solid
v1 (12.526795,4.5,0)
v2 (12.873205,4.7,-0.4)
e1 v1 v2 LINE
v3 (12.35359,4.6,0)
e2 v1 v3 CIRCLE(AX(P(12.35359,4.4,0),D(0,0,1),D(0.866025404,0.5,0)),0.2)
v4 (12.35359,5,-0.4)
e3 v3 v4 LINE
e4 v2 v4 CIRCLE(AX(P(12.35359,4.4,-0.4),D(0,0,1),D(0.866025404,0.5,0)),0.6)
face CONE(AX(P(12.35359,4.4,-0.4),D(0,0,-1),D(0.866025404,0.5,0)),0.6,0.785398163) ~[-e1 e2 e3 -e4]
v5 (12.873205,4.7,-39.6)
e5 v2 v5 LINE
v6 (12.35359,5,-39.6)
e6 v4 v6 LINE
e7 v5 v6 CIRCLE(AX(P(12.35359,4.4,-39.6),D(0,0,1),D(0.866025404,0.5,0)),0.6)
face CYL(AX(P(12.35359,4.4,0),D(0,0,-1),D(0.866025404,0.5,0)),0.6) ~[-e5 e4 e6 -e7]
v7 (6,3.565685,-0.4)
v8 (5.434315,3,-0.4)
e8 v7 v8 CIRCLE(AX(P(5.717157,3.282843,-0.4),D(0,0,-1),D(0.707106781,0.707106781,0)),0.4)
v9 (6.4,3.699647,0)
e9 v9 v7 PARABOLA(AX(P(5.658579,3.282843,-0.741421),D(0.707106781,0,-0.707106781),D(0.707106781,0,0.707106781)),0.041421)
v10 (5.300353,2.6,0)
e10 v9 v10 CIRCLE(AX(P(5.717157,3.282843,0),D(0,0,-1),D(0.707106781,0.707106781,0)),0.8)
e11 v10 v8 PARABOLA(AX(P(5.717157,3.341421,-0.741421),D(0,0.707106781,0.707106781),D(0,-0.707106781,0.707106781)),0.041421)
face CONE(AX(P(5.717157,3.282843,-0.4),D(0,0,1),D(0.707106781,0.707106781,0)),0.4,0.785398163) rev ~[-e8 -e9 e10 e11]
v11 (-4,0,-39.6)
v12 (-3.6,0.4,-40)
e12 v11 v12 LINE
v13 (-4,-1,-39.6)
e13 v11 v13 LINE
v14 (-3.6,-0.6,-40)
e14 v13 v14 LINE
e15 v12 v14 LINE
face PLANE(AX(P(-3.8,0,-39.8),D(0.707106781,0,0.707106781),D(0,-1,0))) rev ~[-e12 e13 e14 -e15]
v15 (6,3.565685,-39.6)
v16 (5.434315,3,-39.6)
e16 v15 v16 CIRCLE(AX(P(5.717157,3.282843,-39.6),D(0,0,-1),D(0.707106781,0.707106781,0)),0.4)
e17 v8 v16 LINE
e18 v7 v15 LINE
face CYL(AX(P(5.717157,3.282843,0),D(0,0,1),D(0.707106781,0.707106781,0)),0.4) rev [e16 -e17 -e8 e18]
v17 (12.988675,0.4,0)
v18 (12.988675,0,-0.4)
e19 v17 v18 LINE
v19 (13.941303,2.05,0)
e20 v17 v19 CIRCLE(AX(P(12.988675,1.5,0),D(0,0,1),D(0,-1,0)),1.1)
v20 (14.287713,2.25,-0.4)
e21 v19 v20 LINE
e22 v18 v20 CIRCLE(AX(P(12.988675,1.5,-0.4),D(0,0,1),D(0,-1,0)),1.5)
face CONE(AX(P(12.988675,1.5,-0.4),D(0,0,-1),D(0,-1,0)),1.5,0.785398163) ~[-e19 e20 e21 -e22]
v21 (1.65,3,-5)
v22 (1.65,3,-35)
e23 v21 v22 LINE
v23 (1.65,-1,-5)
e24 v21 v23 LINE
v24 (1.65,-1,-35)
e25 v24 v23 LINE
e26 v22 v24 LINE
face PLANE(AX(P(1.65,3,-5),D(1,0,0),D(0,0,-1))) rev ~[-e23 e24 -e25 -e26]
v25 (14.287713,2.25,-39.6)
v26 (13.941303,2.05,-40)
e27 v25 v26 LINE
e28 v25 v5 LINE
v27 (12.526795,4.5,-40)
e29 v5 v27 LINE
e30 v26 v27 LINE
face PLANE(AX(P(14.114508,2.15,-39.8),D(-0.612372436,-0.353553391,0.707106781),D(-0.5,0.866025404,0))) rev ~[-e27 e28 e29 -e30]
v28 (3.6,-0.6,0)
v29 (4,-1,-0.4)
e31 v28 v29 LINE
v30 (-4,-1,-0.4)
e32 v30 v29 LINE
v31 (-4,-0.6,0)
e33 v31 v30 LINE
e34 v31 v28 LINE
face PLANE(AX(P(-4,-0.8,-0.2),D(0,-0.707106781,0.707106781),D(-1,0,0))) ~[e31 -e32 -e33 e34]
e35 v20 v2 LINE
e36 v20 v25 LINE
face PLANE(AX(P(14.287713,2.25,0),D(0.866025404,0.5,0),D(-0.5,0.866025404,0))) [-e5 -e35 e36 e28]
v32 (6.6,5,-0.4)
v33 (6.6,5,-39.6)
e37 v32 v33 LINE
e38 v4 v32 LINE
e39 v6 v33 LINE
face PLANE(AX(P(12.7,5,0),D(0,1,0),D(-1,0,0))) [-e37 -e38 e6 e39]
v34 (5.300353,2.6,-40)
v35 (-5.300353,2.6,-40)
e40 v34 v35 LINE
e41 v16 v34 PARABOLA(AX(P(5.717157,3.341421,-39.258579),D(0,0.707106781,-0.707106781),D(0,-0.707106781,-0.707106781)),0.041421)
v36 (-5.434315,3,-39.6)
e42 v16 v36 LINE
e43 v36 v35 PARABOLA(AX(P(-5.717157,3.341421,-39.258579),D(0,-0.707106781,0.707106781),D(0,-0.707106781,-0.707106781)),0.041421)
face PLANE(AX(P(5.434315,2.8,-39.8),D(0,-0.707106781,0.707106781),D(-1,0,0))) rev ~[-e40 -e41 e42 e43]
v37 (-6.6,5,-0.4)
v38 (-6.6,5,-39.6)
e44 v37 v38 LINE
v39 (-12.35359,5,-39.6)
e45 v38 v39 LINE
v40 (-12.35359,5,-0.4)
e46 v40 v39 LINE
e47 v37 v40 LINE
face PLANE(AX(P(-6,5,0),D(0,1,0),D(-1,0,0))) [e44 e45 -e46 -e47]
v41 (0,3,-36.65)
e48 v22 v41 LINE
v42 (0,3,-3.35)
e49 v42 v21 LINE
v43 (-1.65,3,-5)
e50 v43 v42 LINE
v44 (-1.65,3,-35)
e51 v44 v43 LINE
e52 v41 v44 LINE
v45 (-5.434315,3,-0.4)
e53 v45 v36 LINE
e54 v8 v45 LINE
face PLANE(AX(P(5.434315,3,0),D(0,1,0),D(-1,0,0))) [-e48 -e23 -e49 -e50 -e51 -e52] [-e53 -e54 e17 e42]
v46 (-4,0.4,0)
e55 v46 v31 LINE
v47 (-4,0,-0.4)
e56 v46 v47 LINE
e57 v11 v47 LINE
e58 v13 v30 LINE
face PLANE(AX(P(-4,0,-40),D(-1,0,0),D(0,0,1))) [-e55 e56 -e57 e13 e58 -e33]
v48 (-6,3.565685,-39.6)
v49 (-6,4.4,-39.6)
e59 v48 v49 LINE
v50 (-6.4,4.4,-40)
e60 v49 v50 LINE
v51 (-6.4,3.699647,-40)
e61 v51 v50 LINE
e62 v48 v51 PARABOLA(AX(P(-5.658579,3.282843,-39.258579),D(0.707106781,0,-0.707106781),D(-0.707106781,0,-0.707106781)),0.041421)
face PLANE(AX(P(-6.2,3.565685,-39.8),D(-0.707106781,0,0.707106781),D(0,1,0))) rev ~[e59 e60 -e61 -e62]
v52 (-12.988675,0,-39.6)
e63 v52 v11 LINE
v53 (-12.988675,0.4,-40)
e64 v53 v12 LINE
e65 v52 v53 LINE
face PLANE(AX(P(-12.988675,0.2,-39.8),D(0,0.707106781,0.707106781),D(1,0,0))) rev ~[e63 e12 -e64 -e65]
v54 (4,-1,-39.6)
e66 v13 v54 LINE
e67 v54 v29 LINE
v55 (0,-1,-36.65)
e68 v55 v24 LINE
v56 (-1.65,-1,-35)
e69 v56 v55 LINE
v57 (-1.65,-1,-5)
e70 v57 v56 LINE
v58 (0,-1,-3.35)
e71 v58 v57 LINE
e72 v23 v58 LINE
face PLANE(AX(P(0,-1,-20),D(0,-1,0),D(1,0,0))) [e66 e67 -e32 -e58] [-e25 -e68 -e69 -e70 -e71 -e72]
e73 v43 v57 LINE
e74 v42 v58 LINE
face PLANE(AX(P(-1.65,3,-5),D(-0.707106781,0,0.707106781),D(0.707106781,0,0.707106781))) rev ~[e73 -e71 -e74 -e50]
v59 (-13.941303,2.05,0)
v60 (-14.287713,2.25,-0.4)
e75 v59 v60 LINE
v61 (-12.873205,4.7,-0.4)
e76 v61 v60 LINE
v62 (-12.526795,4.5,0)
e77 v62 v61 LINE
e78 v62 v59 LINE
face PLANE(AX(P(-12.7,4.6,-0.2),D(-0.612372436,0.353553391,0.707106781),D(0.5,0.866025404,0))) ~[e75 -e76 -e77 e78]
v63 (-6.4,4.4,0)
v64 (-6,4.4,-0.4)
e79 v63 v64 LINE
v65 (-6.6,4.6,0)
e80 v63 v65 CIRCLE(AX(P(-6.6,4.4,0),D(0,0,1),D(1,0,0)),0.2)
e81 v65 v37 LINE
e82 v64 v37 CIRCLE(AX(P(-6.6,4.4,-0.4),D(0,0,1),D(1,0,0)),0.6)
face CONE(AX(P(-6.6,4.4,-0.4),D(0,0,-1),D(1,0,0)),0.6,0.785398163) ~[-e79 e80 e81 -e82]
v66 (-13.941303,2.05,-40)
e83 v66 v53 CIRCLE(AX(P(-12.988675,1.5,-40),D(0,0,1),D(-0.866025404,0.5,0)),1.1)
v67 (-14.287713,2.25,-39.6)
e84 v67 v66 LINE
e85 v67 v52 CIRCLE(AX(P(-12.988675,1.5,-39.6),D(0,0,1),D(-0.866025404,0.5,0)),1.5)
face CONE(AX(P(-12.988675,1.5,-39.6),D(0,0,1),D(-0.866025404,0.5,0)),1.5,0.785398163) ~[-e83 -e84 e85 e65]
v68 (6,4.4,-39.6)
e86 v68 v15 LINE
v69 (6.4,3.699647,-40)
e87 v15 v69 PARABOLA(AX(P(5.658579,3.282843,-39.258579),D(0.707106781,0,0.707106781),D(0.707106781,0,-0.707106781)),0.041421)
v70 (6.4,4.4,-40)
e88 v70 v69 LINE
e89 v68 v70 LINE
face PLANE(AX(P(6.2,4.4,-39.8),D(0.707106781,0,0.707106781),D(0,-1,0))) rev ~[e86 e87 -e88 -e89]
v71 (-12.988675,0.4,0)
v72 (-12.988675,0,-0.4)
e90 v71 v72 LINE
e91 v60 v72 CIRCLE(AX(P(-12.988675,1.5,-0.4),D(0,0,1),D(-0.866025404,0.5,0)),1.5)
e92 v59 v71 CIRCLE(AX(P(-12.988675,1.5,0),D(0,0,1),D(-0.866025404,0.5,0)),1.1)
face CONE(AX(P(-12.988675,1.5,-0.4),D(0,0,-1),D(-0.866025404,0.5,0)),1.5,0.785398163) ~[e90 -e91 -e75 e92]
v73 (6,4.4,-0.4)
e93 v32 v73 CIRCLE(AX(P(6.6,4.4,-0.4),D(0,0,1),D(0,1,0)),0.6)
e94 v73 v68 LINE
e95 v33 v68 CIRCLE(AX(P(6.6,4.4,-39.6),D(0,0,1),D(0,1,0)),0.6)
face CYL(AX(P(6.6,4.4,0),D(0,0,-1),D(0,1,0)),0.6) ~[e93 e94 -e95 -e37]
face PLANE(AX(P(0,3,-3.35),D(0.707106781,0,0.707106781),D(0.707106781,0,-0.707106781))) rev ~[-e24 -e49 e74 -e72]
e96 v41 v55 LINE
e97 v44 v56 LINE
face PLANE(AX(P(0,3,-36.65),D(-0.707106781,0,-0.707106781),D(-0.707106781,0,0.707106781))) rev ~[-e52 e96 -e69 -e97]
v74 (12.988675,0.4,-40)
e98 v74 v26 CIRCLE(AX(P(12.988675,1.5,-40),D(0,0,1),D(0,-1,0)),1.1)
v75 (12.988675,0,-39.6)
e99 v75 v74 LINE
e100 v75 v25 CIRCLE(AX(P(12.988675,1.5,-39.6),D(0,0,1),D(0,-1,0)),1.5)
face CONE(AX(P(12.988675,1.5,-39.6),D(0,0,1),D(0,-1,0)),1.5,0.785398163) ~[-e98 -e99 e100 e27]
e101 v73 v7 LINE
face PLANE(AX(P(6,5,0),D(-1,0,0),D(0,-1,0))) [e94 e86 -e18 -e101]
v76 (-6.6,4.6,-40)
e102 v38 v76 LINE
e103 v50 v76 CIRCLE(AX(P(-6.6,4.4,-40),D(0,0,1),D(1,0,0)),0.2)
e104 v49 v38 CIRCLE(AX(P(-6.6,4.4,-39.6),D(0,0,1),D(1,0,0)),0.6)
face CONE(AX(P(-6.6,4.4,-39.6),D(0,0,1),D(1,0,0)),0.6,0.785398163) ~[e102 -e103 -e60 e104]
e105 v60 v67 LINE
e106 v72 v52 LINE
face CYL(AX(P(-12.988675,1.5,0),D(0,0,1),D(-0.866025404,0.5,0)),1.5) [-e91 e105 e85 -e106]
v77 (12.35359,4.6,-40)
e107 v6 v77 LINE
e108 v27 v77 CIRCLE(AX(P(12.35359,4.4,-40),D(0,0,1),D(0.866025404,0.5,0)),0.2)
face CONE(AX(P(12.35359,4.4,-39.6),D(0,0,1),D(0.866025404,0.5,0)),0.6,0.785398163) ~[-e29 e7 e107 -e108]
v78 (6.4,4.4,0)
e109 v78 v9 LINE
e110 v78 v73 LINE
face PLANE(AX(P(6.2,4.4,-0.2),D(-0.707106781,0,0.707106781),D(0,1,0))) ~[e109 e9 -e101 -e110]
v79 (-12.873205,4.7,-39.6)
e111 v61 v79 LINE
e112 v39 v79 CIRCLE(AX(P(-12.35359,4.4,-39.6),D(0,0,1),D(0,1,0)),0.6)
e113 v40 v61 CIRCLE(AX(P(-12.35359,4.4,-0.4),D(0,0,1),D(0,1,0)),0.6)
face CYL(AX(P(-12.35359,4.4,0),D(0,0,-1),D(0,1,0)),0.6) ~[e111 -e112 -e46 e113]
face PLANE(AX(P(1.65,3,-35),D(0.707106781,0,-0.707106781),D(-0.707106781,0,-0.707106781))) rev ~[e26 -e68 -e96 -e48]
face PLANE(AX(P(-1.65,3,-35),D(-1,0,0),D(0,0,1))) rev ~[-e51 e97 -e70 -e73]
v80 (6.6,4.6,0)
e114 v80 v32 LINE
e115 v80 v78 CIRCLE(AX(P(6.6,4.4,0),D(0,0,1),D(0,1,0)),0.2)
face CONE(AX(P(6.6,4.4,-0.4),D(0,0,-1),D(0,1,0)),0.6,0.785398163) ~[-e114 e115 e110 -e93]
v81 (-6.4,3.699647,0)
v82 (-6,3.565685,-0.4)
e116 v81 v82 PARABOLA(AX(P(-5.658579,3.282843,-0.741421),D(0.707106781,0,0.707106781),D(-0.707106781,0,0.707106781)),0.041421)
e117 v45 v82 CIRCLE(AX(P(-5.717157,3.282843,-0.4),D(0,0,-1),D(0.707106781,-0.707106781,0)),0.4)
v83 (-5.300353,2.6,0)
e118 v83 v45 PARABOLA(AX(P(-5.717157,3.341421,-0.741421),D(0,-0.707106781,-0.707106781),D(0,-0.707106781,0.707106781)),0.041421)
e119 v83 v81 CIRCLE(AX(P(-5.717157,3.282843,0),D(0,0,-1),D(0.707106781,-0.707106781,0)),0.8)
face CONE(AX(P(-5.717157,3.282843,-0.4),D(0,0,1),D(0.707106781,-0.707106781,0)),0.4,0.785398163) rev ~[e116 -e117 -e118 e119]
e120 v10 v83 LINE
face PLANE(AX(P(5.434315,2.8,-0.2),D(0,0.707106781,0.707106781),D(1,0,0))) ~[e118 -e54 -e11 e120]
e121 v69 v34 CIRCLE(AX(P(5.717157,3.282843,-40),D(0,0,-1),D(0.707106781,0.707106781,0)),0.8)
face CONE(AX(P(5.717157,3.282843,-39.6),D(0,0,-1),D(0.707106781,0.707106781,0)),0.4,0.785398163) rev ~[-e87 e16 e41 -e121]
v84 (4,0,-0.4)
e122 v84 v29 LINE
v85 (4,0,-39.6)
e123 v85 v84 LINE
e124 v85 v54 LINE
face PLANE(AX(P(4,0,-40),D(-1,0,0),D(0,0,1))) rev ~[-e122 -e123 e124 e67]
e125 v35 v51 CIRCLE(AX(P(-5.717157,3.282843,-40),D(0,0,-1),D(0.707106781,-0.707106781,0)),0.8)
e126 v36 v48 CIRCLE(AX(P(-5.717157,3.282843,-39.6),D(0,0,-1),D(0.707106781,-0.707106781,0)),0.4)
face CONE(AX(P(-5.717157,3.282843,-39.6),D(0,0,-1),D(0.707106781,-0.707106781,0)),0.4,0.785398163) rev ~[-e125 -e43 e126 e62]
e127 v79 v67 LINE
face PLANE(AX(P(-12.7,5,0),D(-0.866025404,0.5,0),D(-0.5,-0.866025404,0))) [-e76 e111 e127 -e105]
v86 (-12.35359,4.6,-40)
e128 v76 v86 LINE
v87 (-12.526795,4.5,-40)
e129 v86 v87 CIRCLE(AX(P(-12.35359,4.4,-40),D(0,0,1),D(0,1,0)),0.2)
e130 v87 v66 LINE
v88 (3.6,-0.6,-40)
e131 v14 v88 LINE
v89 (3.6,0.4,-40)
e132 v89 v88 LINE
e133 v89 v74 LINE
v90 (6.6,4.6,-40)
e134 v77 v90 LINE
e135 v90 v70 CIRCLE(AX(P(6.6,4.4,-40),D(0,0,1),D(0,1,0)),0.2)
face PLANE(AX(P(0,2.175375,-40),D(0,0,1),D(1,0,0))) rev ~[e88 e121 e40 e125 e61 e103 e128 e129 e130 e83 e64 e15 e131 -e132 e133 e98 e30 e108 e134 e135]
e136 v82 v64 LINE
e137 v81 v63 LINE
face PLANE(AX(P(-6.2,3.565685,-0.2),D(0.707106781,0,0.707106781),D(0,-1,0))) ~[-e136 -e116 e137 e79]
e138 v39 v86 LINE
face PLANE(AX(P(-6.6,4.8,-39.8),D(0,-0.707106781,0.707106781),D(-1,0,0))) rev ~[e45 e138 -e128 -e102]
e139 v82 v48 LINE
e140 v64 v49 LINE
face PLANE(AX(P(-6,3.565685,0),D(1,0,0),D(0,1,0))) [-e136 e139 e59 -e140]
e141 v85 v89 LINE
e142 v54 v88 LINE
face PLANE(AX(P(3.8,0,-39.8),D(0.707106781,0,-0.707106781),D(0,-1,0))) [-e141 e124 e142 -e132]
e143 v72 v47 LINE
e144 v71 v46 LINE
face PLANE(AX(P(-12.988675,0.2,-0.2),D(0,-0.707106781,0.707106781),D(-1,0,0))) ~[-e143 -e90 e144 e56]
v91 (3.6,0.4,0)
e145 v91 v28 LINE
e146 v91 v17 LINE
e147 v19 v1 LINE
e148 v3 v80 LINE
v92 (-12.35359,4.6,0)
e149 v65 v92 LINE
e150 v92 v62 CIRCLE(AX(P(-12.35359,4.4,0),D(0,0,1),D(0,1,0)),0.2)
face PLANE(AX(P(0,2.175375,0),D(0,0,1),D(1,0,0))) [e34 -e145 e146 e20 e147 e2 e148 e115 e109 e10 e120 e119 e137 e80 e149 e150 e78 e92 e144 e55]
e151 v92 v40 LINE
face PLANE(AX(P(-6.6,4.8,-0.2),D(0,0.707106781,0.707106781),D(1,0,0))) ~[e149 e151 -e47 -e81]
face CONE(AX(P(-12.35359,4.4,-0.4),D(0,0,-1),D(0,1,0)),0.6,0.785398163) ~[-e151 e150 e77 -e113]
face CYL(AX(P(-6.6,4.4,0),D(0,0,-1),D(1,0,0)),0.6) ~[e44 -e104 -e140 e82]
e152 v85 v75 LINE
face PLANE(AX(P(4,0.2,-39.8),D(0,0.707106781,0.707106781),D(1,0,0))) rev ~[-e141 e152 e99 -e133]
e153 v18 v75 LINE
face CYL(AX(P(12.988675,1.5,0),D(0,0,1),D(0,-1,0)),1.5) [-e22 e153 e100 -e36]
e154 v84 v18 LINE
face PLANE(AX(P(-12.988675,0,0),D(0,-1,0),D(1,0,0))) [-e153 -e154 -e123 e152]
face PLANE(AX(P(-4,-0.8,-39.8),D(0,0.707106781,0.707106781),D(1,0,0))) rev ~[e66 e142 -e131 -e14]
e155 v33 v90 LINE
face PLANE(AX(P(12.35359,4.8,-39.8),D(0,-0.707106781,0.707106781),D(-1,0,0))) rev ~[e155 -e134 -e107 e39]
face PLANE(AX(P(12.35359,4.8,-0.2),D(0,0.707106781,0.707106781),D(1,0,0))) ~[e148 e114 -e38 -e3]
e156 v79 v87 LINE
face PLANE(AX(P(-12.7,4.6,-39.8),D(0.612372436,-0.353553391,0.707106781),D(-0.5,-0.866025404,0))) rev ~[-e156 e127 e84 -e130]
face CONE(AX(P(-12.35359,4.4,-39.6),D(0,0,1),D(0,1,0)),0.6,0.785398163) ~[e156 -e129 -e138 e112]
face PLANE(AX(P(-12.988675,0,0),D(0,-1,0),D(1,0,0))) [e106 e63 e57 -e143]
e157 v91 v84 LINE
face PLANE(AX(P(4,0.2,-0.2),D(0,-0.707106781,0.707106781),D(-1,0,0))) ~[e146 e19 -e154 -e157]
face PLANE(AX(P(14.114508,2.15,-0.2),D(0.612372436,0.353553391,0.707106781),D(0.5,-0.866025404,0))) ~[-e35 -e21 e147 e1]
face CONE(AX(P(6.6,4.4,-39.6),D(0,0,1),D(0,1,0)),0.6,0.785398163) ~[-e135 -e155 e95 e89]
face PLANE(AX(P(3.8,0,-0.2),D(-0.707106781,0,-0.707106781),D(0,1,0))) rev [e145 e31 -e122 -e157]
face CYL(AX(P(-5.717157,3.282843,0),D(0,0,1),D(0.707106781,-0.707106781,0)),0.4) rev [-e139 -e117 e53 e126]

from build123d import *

# Parameters (mm, degrees)
BOSS_EXTRUDE1_DEPTH = 40
SKETCH2_W           = 8
SKETCH2_H           = 40
BOSS_EXTRUDE2_DEPTH = 1
CUT_EXTRUDE1_DEPTH  = 5
FILLET1_R           = 0.6
CHAMFER1_SIZE       = 0.4


with BuildPart() as part:
    # Sketch1 → Boss-Extrude1 (new body)
    with BuildSketch(Plane.XY):
        with BuildLine():
            Line((-12.988675135, 0), (0, 0))
            Line((0, 0), (12.988675135, 0))
            ThreePointArc((12.988675135, 0), (14.28771324, 0.75), (14.28771324, 2.25))
            Line((14.28771324, 2.25), (12.7, 5))
            Line((12.7, 5), (6, 5))
            Line((6, 5), (6, 3.565685425))
            ThreePointArc((6, 3.565685425), (6, 3), (5.434314575, 3))
            Line((5.434314575, 3), (-5.434314575, 3))
            ThreePointArc((-5.434314575, 3), (-6, 3), (-6, 3.565685425))
            Line((-6, 3.565685425), (-6, 5))
            Line((-6, 5), (-12.7, 5))
            Line((-12.7, 5), (-14.28771324, 2.25))
            ThreePointArc((-14.28771324, 2.25), (-14.28771324, 0.75), (-12.988675135, 0))
        make_face()
    extrude(amount=-BOSS_EXTRUDE1_DEPTH)

    # Sketch2 → Boss-Extrude2 (add)
    with BuildSketch(Plane.XZ):
        with Locations((0, -20)):
            Rectangle(SKETCH2_W, SKETCH2_H)
    extrude(amount=BOSS_EXTRUDE2_DEPTH)

    # Sketch3 → Cut-Extrude1 (cut, through all)
    with BuildSketch(Plane(origin=(0, 3, 0), x_dir=(1, 0, 0), z_dir=(0, 1, 0))):
        Polygon((0, 3.35), (1.65, 5), (1.65, 35), (0, 36.65), (-1.65, 35), (-1.65, 5), align=None)
    extrude(amount=-CUT_EXTRUDE1_DEPTH, mode=Mode.SUBTRACT)

    # Fillet1
    fillet1_edges = [part.edges().sort_by_distance(p)[0] for p in [
        (-12.7, 5, -20),
        (-6, 5, -20),
        (6, 5, -20),
        (12.7, 5, -20),
    ]]
    fillet(fillet1_edges, radius=FILLET1_R)

    # Chamfer1
    chamfer1_edges = [part.edges().sort_by_distance(p)[0] for p in [
        (-6, 3.982842712, 0),
        (-6, 3, 0),
        (0, 3, 0),
        (6, 3, 0),
        (13.580459161, 3.475, 0),
        (14.28771324, 0.75, 0),
        (14.28771324, 0.75, -40),
        (-8.494337567, 0, 0),
        (-14.28771324, 0.75, 0),
        (13.580459161, 3.475, -40),
        (6, 3, -40),
        (0, 3, -40),
        (8.494337567, 0, 0),
        (8.494337567, 0, -40),
        (4, -0.5, 0),
        (-6, 3, -40),
        (-4, -0.5, -40),
        (4, -0.5, -40),
        (0, -1, 0),
        (0, -1, -40),
        (-6, 3.982842712, -40),
        (-14.28771324, 0.75, -40),
        (9.476794919, 5, 0),
        (9.476794919, 5, -40),
        (6, 3.982842712, 0),
        (-9.476794919, 5, 0),
        (-13.580459161, 3.475, 0),
        (-6.175735931, 4.824264069, 0),
        (-12.653589838, 4.919615242, 0),
        (12.653589838, 4.919615242, 0),
        (6.175735931, 4.824264069, 0),
        (6, 3.982842712, -40),
        (-13.580459161, 3.475, -40),
        (-9.476794919, 5, -40),
        (-6.175735931, 4.824264069, -40),
        (-12.653589838, 4.919615242, -40),
        (12.653589838, 4.919615242, -40),
        (6.175735931, 4.824264069, -40),
        (-8.494337567, 0, -40),
    ]]
    chamfer(chamfer1_edges, length=CHAMFER1_SIZE)


solid = part.part
